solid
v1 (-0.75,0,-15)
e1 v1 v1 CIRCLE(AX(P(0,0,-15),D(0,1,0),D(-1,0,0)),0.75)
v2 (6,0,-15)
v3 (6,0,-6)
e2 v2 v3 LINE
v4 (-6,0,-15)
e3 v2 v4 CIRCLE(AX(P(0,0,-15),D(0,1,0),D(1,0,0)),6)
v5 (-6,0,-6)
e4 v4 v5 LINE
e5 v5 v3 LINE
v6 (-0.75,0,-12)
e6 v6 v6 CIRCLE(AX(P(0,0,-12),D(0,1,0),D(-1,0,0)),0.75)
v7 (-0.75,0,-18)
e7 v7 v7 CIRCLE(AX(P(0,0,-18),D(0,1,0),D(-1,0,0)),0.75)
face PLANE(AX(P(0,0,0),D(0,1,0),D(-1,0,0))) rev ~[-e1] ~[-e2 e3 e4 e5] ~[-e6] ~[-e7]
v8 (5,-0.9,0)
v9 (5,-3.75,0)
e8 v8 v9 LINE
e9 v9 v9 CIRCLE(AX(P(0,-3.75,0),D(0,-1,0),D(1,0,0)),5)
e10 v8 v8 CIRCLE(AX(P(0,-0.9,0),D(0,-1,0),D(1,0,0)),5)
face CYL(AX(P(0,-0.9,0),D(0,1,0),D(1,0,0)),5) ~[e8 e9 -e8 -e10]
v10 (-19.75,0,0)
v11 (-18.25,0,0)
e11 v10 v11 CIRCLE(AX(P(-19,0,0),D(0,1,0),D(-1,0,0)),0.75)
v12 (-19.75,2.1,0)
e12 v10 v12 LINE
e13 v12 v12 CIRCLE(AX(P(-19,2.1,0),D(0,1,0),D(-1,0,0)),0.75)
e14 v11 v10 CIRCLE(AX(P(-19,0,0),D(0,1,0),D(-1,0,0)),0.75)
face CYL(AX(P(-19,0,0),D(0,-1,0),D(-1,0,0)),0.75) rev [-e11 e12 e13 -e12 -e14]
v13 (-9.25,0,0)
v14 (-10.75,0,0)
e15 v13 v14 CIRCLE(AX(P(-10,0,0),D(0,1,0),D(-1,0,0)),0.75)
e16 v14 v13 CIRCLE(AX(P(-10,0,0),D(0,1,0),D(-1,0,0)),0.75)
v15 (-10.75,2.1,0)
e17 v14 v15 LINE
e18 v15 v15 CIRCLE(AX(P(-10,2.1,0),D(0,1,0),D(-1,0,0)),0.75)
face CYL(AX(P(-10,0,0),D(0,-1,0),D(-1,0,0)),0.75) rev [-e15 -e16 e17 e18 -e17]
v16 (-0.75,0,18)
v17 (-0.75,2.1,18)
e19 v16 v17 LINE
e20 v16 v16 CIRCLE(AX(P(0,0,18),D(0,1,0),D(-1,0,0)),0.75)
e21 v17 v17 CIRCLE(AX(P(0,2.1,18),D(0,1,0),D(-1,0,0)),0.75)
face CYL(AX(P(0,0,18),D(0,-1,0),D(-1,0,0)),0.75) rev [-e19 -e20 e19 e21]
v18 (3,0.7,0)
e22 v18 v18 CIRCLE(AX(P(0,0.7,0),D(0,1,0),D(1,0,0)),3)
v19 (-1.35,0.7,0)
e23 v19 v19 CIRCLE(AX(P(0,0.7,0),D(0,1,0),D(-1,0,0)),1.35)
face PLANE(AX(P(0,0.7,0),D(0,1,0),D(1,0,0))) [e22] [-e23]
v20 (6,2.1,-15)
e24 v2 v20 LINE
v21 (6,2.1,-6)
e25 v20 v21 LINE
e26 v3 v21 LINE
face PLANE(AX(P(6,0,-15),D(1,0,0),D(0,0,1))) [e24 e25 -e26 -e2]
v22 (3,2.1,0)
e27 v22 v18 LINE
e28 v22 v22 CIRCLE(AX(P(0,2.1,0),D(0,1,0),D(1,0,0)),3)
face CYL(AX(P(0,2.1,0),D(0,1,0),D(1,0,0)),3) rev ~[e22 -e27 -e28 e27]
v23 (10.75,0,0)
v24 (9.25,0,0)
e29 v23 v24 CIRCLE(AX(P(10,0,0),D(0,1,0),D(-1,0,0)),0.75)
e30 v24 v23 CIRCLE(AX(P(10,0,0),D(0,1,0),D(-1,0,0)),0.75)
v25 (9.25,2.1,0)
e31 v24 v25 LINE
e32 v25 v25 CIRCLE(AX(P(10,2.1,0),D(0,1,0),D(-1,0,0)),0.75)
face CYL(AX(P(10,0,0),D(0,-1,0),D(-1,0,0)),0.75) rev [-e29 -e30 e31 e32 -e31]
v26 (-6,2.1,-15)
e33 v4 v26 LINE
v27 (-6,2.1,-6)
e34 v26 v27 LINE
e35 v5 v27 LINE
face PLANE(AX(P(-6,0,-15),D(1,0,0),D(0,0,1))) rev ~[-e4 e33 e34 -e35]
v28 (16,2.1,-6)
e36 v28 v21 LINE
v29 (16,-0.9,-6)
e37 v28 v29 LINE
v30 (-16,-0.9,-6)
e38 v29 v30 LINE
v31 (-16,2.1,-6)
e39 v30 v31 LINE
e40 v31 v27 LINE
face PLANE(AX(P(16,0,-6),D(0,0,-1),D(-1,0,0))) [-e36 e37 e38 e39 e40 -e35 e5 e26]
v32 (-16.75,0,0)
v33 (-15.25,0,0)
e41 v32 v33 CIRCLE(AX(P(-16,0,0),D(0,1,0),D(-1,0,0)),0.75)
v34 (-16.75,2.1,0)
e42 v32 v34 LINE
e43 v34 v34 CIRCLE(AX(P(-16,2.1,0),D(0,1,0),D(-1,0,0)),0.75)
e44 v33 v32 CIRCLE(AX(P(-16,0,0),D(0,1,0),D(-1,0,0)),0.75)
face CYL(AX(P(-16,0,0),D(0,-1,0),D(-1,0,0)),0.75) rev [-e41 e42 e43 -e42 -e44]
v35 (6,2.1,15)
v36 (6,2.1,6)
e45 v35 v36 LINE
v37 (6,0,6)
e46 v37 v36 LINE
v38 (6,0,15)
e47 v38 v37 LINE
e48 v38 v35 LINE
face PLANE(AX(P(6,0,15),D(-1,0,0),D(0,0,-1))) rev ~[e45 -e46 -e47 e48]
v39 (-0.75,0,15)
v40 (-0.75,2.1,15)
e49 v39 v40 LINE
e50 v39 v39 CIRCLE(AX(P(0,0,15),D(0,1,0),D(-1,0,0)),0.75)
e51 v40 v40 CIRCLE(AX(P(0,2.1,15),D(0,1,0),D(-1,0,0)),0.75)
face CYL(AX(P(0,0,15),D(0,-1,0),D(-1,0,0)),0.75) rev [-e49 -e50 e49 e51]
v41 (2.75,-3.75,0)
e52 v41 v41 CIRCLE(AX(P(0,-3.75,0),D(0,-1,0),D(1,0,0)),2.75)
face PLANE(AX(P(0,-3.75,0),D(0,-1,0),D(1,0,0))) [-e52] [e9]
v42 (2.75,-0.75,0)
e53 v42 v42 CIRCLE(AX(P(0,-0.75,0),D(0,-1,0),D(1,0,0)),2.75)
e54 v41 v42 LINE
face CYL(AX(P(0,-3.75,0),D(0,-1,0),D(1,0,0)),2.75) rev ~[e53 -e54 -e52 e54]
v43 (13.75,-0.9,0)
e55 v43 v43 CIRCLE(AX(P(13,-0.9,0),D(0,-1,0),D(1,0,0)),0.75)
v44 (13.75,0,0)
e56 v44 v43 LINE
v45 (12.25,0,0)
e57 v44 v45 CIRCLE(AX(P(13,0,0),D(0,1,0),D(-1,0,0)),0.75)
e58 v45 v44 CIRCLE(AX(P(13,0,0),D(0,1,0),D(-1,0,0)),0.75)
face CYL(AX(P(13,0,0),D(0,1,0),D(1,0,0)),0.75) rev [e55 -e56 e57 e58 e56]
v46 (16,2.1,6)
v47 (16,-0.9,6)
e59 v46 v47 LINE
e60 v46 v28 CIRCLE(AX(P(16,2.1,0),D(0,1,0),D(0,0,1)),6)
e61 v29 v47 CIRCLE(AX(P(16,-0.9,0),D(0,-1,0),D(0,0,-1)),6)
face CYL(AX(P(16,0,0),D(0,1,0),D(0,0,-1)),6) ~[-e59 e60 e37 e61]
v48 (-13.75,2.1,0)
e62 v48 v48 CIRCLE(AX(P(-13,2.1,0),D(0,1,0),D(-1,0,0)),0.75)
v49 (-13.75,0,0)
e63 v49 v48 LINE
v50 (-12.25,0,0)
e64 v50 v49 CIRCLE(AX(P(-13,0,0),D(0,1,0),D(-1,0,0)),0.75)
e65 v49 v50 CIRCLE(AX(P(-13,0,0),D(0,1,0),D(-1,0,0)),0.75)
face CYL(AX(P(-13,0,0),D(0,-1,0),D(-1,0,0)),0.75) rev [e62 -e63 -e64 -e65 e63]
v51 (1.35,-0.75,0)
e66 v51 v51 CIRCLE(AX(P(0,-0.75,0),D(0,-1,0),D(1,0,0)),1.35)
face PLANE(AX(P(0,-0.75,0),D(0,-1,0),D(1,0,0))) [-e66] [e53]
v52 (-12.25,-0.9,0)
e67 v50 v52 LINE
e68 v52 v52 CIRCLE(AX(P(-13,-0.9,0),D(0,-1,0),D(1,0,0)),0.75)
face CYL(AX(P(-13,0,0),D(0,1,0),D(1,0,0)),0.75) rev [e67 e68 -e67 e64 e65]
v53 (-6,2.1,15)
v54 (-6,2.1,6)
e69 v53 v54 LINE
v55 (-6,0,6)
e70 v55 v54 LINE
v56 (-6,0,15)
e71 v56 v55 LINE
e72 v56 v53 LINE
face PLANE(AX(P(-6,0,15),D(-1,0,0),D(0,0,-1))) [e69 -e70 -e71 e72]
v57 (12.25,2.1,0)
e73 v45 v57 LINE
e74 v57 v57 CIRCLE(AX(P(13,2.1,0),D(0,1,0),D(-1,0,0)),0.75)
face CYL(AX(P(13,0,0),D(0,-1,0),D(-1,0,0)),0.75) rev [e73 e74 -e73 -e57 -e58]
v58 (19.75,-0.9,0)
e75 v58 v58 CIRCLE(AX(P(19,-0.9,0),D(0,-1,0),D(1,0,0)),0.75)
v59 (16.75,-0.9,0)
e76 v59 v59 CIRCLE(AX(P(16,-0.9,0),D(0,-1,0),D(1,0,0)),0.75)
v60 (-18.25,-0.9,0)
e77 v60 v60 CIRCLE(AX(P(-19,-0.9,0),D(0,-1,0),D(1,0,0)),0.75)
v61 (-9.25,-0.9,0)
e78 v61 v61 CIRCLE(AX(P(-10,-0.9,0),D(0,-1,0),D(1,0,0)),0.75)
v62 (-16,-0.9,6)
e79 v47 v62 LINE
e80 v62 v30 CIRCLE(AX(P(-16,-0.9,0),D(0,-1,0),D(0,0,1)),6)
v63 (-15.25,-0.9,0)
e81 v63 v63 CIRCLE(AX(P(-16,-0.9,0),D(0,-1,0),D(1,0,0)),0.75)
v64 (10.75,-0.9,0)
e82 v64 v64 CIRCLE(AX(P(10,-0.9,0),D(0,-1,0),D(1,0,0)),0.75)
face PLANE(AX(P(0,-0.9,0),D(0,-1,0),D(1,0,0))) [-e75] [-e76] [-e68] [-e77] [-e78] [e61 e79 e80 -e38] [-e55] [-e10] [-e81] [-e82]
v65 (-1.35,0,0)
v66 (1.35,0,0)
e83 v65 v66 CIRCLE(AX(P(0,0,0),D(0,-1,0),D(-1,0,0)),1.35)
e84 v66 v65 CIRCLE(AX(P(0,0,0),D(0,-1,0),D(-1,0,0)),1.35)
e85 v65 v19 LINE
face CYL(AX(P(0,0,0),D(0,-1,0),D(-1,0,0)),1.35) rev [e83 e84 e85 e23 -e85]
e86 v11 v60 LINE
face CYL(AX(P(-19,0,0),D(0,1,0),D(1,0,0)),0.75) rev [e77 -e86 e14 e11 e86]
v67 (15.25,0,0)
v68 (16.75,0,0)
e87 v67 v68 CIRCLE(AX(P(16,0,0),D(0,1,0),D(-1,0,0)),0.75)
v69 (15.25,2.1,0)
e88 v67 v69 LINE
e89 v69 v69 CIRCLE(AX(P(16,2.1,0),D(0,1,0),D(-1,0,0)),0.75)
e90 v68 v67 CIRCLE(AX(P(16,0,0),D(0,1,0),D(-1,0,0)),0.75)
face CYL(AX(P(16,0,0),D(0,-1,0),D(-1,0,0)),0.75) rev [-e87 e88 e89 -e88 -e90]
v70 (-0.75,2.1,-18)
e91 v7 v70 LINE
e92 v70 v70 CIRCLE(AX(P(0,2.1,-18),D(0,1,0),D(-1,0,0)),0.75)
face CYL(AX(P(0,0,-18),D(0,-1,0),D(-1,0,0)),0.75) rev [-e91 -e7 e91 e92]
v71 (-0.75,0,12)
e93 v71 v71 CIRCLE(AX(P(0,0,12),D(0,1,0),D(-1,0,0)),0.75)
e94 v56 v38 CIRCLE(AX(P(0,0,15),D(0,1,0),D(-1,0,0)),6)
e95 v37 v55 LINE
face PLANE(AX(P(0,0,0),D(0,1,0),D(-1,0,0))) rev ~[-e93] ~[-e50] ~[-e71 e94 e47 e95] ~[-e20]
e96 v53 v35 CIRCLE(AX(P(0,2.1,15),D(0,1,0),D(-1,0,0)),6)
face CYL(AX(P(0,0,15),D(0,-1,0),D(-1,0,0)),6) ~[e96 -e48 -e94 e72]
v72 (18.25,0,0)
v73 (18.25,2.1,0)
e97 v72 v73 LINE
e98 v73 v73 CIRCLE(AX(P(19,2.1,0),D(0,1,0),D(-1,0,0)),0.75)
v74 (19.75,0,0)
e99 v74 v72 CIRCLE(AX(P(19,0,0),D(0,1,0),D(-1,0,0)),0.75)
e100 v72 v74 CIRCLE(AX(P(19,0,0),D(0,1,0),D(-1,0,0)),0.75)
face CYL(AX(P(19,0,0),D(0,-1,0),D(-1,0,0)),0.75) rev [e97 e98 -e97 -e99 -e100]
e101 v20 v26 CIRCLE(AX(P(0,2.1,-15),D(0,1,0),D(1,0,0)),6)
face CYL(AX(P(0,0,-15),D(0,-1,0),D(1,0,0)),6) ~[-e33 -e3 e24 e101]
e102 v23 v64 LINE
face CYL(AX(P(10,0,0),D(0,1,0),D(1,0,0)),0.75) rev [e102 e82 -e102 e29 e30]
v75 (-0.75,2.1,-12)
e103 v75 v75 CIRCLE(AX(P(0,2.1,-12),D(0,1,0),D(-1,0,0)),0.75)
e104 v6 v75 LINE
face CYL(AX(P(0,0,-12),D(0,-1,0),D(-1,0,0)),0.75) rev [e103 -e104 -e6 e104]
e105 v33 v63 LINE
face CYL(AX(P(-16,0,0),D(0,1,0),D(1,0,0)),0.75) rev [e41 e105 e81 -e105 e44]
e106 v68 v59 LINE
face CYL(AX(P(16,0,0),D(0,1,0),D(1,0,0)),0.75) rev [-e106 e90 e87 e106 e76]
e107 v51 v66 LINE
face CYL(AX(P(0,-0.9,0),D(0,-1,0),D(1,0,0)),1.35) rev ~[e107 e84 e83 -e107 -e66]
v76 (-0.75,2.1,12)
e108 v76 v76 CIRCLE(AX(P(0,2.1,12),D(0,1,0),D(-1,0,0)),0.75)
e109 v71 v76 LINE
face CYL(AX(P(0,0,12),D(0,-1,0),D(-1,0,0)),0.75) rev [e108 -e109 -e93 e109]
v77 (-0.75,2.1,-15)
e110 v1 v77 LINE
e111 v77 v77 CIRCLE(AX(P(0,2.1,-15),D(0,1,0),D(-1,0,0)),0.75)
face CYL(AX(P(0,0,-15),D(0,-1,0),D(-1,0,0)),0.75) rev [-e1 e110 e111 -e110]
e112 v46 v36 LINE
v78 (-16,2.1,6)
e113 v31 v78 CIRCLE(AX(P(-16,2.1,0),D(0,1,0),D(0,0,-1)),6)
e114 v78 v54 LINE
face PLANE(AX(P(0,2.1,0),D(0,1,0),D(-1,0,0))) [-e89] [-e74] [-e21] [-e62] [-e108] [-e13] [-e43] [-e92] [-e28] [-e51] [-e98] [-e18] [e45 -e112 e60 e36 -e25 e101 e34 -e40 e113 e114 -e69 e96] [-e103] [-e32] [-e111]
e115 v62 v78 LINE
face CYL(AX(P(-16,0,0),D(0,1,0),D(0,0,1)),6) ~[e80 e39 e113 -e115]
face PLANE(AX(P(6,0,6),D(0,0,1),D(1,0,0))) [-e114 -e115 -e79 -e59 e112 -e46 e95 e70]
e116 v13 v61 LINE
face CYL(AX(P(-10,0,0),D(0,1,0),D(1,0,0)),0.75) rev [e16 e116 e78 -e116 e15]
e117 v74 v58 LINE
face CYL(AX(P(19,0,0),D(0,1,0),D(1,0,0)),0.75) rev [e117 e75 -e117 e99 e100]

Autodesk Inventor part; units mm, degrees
ref_plane "YZ Plane" through (0, 0, 0) normal (1, 0, 0) x (0, 1, 0)
ref_plane "XZ Plane" through (0, 0, 0) normal (0, 1, 0) x (-1, 0, 0)
ref_plane "XY Plane" through (0, 0, 0) normal (0, 0, 1) x (1, 0, 0)
sketch "Sketch1" plane through (0, 0, 0) normal (0, 1, 0) x (-1, 0, 0)
  line L0 (0, 0) -> (0, -15) construction
  line L1 (0, 0) -> (16, 0) construction
  arc A0 (-6, -15) -> (6, -15) centre (0, -15) ccw
  arc A1 (16, -6) -> (16, 6) centre (16, 0) ccw
  line L2 (-6, -15) -> (-6, -6)
  line L3 (0, -6) -> (-6, -6) construction
  line L4 (16, 6) -> (6, 6)
  line L5 (6, 6) -> (-6, 6) construction
  line L6 (-6, 6) -> (-6, -6) construction
  line L7 (16, -6) -> (6, -6)
  line L8 (6, -6) -> (0, -6) construction
  line L9 (6, -15) -> (6, -6)
  circle A2 centre (0, 0) radius 1.35
  line L10 (0, 0) -> (0, -12) construction
  line L11 (0, -12) -> (0, -15) construction
  line L12 (0, -15) -> (0, -18) construction
  line L13 (0, 0) -> (10, 0) construction
  line L14 (10, 0) -> (13, 0) construction
  line L15 (13, 0) -> (16, 0) construction
  line L16 (16, 0) -> (19, 0) construction
  circle A3 centre (19, 0) radius 0.75
  circle A4 centre (16, 0) radius 0.75
  circle A5 centre (13, 0) radius 0.75
  circle A6 centre (10, 0) radius 0.75
  circle A7 centre (0, -12) radius 0.75
  circle A8 centre (0, -15) radius 0.75
  circle A9 centre (0, -18) radius 0.75
  line L17 (6.8305, 0) -> (-5.2, 0)
  line L18 (0, -4.7373) -> (0, 4.2525)
  arc A10 (6, 15) -> (-6, 15) centre (0, 15) ccw
  line L19 (-6, 15) -> (-6, 6)
  line L20 (6, 15) -> (6, 6)
  circle A11 centre (0, 12) radius 0.75
  circle A12 centre (0, 15) radius 0.75
  circle A13 centre (0, 18) radius 0.75
  arc A14 (-16, 6) -> (-16, -6) centre (-16, 0) ccw
  line L21 (-16, 6) -> (-6, 6)
  line L22 (-16, -6) -> (-6, -6)
  circle A15 centre (-19, 0) radius 0.75
  circle A16 centre (-16, 0) radius 0.75
  circle A17 centre (-13, 0) radius 0.75
  circle A18 centre (-10, 0) radius 0.75
  dimension "d0" = 15
  dimension "d1" = 16
  dimension "d2" = 12
  dimension "d3" = 12
  dimension "d5" = 2.7
  dimension "d6" = 12
  dimension "d7" = 3
  dimension "d8" = 3
  dimension "d9" = 10
  dimension "d10" = 3
  dimension "d11" = 3
  dimension "d12" = 3
  dimension "d13" = 1.5
  dimension "d14" = 1.5
  dimension "d15" = 1.5
  dimension "d16" = 1.5
  dimension "d17" = 1.5
  dimension "d18" = 1.5
  dimension "d19" = 1.5
  dimension "d20" = 6
extrude "Extrusion1" add sketch "Sketch1" along normal blind 2.1
sketch "Sketch2" plane through (0, 2.1, 0) normal (0, 1, 0) x (1, 0, 0)
  circle A0 centre (0, 0) radius 3
  dimension "d23" = 6
extrude "Extrusion2" cut sketch "Sketch2" against normal blind 1.4
sketch "Sketch3" plane through (0, 0, 0) normal (0, -1, 0) x (1, 0, 0)
  circle A0 centre (0, 0) radius 1.35 projected
  circle A1 centre (0, 0) radius 6
  dimension "d26" = 12
extrude "Extrusion3" add sketch "Sketch3" along normal blind 0.9
sketch "Sketch4" plane through (0, -0.9, 0) normal (0, -1, 0) x (1, 0, 0)
  circle A0 centre (0, 0) radius 1.35 projected
  circle A1 centre (0, 0) radius 5
  dimension "d29" = 10
extrude "Extrusion4" add sketch "Sketch4" along normal blind 2.85
sketch "Sketch5" plane through (0, 0, 0) normal (0, -1, 0) x (1, 0, 0)
  line L0 (16, -6) -> (6, -6) projected
  arc A0 (-16, 6) -> (-16, -6) centre (-16, 0) ccw projected
  line L1 (16, -6) -> (-16, -6)
  line L2 (6, 6) -> (16, 6) projected
  line L3 (16, 6) -> (-16, 6)
  circle A1 centre (-16, 0) radius 0.75 projected
  arc A2 (-16, 6) -> (-16, -6) centre (-16, 0) ccw
  circle A3 centre (16, 0) radius 0.75 projected
  arc A4 (16, -6) -> (16, 6) centre (16, 0) ccw
  circle A5 centre (-10, 0) radius 0.75 projected
  circle A6 centre (-10, 0) radius 0.75
  circle A7 centre (-13, 0) radius 0.75 projected
  circle A8 centre (-13, 0) radius 0.75
  circle A9 centre (-19, 0) radius 0.75 projected
  circle A10 centre (-19, 0) radius 0.75
  circle A11 centre (-16, 0) radius 0.75
  circle A12 centre (10, 0) radius 0.75 projected
  circle A13 centre (10, 0) radius 0.75
  circle A14 centre (13, 0) radius 0.75 projected
  circle A15 centre (13, 0) radius 0.75
  circle A16 centre (16, 0) radius 0.75
  circle A17 centre (19, 0) radius 0.75 projected
  circle A18 centre (19, 0) radius 0.75
  point P0 (0, 0)
extrude "Extrusion5" add sketch "Sketch5" along normal blind 0.9
sketch "Sketch6" plane through (0, -0.9, 0) normal (0, -1, 0) x (1, 0, 0)
  circle A0 centre (0, 0) radius 1.35 projected
  circle A1 centre (0, 0) radius 1.35
extrude "Extrusion6" cut sketch "Sketch6" against normal blind 0.9
sketch "Sketch7" plane through (0, -3.75, 0) normal (0, -1, 0) x (1, 0, 0)
  circle A0 centre (0, 0) radius 1.35 projected
  circle A1 centre (0, 0) radius 2.75
  dimension "d36" = 5.5
extrude "Extrusion7" cut sketch "Sketch7" against normal blind 3 contours A0 | A1
properties part number "MMAE 232 CAD Assignment 2 Servo Horn 3-Nicholas Skiba"
